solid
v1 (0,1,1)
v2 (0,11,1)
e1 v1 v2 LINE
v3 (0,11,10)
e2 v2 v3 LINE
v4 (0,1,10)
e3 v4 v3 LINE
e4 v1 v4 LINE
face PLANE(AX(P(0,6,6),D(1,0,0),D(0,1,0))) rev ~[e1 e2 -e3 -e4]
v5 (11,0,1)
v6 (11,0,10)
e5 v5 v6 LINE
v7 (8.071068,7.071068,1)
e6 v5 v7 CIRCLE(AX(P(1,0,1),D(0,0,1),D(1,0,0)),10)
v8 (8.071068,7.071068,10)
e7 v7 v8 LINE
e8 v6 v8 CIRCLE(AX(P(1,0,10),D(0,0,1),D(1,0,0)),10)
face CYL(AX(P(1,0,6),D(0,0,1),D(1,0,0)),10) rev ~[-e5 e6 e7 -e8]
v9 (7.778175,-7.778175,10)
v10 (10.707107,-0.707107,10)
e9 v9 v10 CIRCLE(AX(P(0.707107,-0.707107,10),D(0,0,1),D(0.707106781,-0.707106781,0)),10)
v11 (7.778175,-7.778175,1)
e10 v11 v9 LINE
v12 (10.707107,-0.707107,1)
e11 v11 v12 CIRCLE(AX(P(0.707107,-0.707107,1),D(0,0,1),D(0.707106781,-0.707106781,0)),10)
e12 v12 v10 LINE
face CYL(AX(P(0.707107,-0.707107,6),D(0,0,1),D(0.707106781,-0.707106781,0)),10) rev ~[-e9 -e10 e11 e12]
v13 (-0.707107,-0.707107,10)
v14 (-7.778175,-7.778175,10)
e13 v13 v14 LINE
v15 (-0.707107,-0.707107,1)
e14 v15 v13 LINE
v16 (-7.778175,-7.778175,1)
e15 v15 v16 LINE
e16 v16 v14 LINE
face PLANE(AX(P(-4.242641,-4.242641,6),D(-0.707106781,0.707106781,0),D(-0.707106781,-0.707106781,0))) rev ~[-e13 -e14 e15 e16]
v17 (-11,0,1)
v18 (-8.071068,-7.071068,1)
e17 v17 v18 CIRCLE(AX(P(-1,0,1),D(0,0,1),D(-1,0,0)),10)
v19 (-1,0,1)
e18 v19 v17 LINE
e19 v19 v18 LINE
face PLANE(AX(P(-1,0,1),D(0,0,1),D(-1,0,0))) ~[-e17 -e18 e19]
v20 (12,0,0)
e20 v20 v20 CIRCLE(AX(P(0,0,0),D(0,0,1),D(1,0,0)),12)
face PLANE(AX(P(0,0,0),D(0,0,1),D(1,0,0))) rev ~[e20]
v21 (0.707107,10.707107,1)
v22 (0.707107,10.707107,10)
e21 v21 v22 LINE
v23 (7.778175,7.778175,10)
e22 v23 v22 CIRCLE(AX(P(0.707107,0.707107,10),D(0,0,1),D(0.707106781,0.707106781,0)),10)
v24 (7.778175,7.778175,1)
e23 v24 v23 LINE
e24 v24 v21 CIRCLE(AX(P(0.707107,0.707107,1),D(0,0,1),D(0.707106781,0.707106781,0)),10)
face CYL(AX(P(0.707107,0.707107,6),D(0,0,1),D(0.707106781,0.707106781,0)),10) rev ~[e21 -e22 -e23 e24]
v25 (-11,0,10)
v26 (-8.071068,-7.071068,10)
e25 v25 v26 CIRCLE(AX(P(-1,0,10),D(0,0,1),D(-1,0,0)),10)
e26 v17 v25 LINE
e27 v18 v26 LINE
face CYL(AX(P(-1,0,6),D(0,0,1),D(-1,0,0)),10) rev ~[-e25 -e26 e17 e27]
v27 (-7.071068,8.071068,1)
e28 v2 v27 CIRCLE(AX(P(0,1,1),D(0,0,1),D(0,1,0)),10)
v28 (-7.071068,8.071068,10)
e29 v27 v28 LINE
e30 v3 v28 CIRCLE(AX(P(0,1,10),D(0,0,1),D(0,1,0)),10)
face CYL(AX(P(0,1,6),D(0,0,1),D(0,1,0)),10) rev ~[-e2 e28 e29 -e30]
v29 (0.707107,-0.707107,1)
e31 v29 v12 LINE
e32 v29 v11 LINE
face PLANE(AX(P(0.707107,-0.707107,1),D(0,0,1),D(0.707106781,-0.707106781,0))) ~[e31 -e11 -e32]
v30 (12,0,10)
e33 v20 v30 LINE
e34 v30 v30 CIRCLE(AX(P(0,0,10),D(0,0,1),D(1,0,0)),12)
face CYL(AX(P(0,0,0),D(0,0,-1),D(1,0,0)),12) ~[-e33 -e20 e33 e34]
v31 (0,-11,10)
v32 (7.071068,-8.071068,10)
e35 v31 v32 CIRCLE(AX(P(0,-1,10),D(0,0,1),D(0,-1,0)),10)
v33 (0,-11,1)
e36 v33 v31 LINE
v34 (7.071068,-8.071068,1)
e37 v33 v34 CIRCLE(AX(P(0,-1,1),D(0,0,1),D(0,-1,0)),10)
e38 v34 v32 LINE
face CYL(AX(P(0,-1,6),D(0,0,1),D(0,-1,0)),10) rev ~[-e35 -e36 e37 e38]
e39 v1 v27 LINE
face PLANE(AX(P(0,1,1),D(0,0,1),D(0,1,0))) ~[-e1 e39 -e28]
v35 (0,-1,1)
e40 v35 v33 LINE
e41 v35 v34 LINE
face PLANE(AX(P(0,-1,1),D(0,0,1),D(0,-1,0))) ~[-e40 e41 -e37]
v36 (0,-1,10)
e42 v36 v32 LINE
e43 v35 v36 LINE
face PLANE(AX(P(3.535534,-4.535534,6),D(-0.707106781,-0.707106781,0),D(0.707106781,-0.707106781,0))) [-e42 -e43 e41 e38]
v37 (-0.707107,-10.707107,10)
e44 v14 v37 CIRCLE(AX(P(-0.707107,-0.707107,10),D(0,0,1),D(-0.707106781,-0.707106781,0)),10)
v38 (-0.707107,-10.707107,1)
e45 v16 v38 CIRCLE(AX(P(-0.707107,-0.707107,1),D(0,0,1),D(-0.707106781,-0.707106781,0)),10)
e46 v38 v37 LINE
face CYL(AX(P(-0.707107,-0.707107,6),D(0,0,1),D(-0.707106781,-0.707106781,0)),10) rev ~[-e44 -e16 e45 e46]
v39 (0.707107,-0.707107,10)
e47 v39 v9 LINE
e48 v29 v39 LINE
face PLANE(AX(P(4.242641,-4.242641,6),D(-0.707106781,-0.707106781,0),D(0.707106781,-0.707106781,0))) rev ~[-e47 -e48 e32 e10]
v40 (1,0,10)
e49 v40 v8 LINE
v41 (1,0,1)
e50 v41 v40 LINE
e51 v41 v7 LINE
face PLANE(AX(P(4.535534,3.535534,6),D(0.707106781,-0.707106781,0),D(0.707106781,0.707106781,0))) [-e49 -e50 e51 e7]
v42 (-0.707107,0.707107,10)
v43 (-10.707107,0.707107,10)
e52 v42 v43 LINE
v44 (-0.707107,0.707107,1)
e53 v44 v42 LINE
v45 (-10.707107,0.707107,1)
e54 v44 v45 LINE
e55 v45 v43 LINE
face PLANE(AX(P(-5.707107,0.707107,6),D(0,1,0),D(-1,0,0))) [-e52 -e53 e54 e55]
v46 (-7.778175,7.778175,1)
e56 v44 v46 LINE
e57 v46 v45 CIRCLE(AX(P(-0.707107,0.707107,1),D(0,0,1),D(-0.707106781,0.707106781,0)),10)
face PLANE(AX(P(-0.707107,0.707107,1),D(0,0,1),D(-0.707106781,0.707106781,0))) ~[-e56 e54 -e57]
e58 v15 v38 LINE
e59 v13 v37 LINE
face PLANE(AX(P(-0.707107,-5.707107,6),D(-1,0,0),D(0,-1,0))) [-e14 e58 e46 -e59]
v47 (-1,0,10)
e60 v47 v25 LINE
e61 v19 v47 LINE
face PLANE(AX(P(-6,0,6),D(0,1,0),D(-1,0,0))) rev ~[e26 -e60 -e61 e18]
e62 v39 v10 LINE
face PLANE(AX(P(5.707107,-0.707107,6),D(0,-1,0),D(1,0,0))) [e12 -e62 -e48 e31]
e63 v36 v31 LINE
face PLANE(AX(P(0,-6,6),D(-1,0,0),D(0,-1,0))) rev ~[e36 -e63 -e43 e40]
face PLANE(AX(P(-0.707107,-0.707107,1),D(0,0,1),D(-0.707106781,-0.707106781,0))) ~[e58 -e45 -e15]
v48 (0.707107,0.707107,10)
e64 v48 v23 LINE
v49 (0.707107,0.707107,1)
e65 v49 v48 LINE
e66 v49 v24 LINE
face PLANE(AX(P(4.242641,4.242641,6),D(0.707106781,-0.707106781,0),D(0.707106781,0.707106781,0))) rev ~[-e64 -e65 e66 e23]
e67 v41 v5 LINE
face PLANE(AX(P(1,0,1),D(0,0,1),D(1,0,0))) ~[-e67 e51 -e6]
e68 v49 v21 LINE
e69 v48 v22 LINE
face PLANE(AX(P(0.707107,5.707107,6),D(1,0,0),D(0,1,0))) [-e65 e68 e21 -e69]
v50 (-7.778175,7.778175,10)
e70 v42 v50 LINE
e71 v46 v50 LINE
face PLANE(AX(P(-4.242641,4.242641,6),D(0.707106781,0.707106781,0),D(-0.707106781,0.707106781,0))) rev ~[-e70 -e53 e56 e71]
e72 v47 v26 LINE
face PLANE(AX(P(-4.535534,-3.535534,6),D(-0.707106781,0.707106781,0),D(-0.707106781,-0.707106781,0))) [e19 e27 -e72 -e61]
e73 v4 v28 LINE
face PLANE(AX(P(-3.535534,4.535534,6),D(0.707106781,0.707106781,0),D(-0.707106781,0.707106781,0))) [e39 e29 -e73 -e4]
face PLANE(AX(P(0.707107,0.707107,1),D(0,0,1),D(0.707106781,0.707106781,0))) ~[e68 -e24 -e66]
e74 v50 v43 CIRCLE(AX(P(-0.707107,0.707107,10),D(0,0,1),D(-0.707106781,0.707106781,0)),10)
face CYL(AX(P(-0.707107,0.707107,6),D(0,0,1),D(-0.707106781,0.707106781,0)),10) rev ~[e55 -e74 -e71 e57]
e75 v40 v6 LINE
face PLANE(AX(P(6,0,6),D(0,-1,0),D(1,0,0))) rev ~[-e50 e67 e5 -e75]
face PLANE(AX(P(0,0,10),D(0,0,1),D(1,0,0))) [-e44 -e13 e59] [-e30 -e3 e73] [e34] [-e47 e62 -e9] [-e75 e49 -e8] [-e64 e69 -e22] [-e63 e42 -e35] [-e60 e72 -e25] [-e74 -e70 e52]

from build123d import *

# Parameters (mm, degrees)
CYLINDER001_W     = 10
CYLINDER001_H     = 10
CYLINDER001_ANGLE = 45
ARRAY_COUNT       = 8
CYLINDER_R        = 12
CYLINDER_DEPTH    = 10


with BuildPart() as array:
    # Cylinder001 → Cylinder001 (revolve)
    with BuildSketch(Plane(origin=(1, 0, 0), x_dir=(1, 0, 0), z_dir=(0, -1, 0))):
        with Locations((5, 5)):
            Rectangle(CYLINDER001_W, CYLINDER001_H)
    revolve(axis=Axis((1, 0, 0), (0, 0, 1)), revolution_arc=CYLINDER001_ANGLE)

    # Array: Array ×8 about axis
    array_axis = Axis((0, 0, 0), (0, 0, 1))


with BuildPart() as array_1:
    add(array.part)
    for i in range(1, ARRAY_COUNT):
        add(array.part.rotate(array_axis, i * 360 / ARRAY_COUNT))


with BuildPart() as array_2:
    # Array placement: moved
    add(array_1.part.moved(Location((0, 0, 1))))


with BuildPart() as cut:
    # Cylinder → Cylinder (new body)
    with BuildSketch(Plane.XY):
        Circle(CYLINDER_R)
    extrude(amount=CYLINDER_DEPTH)

    # Cut: cut Array
    add(array_2.part, mode=Mode.SUBTRACT)


solid = cut.part
